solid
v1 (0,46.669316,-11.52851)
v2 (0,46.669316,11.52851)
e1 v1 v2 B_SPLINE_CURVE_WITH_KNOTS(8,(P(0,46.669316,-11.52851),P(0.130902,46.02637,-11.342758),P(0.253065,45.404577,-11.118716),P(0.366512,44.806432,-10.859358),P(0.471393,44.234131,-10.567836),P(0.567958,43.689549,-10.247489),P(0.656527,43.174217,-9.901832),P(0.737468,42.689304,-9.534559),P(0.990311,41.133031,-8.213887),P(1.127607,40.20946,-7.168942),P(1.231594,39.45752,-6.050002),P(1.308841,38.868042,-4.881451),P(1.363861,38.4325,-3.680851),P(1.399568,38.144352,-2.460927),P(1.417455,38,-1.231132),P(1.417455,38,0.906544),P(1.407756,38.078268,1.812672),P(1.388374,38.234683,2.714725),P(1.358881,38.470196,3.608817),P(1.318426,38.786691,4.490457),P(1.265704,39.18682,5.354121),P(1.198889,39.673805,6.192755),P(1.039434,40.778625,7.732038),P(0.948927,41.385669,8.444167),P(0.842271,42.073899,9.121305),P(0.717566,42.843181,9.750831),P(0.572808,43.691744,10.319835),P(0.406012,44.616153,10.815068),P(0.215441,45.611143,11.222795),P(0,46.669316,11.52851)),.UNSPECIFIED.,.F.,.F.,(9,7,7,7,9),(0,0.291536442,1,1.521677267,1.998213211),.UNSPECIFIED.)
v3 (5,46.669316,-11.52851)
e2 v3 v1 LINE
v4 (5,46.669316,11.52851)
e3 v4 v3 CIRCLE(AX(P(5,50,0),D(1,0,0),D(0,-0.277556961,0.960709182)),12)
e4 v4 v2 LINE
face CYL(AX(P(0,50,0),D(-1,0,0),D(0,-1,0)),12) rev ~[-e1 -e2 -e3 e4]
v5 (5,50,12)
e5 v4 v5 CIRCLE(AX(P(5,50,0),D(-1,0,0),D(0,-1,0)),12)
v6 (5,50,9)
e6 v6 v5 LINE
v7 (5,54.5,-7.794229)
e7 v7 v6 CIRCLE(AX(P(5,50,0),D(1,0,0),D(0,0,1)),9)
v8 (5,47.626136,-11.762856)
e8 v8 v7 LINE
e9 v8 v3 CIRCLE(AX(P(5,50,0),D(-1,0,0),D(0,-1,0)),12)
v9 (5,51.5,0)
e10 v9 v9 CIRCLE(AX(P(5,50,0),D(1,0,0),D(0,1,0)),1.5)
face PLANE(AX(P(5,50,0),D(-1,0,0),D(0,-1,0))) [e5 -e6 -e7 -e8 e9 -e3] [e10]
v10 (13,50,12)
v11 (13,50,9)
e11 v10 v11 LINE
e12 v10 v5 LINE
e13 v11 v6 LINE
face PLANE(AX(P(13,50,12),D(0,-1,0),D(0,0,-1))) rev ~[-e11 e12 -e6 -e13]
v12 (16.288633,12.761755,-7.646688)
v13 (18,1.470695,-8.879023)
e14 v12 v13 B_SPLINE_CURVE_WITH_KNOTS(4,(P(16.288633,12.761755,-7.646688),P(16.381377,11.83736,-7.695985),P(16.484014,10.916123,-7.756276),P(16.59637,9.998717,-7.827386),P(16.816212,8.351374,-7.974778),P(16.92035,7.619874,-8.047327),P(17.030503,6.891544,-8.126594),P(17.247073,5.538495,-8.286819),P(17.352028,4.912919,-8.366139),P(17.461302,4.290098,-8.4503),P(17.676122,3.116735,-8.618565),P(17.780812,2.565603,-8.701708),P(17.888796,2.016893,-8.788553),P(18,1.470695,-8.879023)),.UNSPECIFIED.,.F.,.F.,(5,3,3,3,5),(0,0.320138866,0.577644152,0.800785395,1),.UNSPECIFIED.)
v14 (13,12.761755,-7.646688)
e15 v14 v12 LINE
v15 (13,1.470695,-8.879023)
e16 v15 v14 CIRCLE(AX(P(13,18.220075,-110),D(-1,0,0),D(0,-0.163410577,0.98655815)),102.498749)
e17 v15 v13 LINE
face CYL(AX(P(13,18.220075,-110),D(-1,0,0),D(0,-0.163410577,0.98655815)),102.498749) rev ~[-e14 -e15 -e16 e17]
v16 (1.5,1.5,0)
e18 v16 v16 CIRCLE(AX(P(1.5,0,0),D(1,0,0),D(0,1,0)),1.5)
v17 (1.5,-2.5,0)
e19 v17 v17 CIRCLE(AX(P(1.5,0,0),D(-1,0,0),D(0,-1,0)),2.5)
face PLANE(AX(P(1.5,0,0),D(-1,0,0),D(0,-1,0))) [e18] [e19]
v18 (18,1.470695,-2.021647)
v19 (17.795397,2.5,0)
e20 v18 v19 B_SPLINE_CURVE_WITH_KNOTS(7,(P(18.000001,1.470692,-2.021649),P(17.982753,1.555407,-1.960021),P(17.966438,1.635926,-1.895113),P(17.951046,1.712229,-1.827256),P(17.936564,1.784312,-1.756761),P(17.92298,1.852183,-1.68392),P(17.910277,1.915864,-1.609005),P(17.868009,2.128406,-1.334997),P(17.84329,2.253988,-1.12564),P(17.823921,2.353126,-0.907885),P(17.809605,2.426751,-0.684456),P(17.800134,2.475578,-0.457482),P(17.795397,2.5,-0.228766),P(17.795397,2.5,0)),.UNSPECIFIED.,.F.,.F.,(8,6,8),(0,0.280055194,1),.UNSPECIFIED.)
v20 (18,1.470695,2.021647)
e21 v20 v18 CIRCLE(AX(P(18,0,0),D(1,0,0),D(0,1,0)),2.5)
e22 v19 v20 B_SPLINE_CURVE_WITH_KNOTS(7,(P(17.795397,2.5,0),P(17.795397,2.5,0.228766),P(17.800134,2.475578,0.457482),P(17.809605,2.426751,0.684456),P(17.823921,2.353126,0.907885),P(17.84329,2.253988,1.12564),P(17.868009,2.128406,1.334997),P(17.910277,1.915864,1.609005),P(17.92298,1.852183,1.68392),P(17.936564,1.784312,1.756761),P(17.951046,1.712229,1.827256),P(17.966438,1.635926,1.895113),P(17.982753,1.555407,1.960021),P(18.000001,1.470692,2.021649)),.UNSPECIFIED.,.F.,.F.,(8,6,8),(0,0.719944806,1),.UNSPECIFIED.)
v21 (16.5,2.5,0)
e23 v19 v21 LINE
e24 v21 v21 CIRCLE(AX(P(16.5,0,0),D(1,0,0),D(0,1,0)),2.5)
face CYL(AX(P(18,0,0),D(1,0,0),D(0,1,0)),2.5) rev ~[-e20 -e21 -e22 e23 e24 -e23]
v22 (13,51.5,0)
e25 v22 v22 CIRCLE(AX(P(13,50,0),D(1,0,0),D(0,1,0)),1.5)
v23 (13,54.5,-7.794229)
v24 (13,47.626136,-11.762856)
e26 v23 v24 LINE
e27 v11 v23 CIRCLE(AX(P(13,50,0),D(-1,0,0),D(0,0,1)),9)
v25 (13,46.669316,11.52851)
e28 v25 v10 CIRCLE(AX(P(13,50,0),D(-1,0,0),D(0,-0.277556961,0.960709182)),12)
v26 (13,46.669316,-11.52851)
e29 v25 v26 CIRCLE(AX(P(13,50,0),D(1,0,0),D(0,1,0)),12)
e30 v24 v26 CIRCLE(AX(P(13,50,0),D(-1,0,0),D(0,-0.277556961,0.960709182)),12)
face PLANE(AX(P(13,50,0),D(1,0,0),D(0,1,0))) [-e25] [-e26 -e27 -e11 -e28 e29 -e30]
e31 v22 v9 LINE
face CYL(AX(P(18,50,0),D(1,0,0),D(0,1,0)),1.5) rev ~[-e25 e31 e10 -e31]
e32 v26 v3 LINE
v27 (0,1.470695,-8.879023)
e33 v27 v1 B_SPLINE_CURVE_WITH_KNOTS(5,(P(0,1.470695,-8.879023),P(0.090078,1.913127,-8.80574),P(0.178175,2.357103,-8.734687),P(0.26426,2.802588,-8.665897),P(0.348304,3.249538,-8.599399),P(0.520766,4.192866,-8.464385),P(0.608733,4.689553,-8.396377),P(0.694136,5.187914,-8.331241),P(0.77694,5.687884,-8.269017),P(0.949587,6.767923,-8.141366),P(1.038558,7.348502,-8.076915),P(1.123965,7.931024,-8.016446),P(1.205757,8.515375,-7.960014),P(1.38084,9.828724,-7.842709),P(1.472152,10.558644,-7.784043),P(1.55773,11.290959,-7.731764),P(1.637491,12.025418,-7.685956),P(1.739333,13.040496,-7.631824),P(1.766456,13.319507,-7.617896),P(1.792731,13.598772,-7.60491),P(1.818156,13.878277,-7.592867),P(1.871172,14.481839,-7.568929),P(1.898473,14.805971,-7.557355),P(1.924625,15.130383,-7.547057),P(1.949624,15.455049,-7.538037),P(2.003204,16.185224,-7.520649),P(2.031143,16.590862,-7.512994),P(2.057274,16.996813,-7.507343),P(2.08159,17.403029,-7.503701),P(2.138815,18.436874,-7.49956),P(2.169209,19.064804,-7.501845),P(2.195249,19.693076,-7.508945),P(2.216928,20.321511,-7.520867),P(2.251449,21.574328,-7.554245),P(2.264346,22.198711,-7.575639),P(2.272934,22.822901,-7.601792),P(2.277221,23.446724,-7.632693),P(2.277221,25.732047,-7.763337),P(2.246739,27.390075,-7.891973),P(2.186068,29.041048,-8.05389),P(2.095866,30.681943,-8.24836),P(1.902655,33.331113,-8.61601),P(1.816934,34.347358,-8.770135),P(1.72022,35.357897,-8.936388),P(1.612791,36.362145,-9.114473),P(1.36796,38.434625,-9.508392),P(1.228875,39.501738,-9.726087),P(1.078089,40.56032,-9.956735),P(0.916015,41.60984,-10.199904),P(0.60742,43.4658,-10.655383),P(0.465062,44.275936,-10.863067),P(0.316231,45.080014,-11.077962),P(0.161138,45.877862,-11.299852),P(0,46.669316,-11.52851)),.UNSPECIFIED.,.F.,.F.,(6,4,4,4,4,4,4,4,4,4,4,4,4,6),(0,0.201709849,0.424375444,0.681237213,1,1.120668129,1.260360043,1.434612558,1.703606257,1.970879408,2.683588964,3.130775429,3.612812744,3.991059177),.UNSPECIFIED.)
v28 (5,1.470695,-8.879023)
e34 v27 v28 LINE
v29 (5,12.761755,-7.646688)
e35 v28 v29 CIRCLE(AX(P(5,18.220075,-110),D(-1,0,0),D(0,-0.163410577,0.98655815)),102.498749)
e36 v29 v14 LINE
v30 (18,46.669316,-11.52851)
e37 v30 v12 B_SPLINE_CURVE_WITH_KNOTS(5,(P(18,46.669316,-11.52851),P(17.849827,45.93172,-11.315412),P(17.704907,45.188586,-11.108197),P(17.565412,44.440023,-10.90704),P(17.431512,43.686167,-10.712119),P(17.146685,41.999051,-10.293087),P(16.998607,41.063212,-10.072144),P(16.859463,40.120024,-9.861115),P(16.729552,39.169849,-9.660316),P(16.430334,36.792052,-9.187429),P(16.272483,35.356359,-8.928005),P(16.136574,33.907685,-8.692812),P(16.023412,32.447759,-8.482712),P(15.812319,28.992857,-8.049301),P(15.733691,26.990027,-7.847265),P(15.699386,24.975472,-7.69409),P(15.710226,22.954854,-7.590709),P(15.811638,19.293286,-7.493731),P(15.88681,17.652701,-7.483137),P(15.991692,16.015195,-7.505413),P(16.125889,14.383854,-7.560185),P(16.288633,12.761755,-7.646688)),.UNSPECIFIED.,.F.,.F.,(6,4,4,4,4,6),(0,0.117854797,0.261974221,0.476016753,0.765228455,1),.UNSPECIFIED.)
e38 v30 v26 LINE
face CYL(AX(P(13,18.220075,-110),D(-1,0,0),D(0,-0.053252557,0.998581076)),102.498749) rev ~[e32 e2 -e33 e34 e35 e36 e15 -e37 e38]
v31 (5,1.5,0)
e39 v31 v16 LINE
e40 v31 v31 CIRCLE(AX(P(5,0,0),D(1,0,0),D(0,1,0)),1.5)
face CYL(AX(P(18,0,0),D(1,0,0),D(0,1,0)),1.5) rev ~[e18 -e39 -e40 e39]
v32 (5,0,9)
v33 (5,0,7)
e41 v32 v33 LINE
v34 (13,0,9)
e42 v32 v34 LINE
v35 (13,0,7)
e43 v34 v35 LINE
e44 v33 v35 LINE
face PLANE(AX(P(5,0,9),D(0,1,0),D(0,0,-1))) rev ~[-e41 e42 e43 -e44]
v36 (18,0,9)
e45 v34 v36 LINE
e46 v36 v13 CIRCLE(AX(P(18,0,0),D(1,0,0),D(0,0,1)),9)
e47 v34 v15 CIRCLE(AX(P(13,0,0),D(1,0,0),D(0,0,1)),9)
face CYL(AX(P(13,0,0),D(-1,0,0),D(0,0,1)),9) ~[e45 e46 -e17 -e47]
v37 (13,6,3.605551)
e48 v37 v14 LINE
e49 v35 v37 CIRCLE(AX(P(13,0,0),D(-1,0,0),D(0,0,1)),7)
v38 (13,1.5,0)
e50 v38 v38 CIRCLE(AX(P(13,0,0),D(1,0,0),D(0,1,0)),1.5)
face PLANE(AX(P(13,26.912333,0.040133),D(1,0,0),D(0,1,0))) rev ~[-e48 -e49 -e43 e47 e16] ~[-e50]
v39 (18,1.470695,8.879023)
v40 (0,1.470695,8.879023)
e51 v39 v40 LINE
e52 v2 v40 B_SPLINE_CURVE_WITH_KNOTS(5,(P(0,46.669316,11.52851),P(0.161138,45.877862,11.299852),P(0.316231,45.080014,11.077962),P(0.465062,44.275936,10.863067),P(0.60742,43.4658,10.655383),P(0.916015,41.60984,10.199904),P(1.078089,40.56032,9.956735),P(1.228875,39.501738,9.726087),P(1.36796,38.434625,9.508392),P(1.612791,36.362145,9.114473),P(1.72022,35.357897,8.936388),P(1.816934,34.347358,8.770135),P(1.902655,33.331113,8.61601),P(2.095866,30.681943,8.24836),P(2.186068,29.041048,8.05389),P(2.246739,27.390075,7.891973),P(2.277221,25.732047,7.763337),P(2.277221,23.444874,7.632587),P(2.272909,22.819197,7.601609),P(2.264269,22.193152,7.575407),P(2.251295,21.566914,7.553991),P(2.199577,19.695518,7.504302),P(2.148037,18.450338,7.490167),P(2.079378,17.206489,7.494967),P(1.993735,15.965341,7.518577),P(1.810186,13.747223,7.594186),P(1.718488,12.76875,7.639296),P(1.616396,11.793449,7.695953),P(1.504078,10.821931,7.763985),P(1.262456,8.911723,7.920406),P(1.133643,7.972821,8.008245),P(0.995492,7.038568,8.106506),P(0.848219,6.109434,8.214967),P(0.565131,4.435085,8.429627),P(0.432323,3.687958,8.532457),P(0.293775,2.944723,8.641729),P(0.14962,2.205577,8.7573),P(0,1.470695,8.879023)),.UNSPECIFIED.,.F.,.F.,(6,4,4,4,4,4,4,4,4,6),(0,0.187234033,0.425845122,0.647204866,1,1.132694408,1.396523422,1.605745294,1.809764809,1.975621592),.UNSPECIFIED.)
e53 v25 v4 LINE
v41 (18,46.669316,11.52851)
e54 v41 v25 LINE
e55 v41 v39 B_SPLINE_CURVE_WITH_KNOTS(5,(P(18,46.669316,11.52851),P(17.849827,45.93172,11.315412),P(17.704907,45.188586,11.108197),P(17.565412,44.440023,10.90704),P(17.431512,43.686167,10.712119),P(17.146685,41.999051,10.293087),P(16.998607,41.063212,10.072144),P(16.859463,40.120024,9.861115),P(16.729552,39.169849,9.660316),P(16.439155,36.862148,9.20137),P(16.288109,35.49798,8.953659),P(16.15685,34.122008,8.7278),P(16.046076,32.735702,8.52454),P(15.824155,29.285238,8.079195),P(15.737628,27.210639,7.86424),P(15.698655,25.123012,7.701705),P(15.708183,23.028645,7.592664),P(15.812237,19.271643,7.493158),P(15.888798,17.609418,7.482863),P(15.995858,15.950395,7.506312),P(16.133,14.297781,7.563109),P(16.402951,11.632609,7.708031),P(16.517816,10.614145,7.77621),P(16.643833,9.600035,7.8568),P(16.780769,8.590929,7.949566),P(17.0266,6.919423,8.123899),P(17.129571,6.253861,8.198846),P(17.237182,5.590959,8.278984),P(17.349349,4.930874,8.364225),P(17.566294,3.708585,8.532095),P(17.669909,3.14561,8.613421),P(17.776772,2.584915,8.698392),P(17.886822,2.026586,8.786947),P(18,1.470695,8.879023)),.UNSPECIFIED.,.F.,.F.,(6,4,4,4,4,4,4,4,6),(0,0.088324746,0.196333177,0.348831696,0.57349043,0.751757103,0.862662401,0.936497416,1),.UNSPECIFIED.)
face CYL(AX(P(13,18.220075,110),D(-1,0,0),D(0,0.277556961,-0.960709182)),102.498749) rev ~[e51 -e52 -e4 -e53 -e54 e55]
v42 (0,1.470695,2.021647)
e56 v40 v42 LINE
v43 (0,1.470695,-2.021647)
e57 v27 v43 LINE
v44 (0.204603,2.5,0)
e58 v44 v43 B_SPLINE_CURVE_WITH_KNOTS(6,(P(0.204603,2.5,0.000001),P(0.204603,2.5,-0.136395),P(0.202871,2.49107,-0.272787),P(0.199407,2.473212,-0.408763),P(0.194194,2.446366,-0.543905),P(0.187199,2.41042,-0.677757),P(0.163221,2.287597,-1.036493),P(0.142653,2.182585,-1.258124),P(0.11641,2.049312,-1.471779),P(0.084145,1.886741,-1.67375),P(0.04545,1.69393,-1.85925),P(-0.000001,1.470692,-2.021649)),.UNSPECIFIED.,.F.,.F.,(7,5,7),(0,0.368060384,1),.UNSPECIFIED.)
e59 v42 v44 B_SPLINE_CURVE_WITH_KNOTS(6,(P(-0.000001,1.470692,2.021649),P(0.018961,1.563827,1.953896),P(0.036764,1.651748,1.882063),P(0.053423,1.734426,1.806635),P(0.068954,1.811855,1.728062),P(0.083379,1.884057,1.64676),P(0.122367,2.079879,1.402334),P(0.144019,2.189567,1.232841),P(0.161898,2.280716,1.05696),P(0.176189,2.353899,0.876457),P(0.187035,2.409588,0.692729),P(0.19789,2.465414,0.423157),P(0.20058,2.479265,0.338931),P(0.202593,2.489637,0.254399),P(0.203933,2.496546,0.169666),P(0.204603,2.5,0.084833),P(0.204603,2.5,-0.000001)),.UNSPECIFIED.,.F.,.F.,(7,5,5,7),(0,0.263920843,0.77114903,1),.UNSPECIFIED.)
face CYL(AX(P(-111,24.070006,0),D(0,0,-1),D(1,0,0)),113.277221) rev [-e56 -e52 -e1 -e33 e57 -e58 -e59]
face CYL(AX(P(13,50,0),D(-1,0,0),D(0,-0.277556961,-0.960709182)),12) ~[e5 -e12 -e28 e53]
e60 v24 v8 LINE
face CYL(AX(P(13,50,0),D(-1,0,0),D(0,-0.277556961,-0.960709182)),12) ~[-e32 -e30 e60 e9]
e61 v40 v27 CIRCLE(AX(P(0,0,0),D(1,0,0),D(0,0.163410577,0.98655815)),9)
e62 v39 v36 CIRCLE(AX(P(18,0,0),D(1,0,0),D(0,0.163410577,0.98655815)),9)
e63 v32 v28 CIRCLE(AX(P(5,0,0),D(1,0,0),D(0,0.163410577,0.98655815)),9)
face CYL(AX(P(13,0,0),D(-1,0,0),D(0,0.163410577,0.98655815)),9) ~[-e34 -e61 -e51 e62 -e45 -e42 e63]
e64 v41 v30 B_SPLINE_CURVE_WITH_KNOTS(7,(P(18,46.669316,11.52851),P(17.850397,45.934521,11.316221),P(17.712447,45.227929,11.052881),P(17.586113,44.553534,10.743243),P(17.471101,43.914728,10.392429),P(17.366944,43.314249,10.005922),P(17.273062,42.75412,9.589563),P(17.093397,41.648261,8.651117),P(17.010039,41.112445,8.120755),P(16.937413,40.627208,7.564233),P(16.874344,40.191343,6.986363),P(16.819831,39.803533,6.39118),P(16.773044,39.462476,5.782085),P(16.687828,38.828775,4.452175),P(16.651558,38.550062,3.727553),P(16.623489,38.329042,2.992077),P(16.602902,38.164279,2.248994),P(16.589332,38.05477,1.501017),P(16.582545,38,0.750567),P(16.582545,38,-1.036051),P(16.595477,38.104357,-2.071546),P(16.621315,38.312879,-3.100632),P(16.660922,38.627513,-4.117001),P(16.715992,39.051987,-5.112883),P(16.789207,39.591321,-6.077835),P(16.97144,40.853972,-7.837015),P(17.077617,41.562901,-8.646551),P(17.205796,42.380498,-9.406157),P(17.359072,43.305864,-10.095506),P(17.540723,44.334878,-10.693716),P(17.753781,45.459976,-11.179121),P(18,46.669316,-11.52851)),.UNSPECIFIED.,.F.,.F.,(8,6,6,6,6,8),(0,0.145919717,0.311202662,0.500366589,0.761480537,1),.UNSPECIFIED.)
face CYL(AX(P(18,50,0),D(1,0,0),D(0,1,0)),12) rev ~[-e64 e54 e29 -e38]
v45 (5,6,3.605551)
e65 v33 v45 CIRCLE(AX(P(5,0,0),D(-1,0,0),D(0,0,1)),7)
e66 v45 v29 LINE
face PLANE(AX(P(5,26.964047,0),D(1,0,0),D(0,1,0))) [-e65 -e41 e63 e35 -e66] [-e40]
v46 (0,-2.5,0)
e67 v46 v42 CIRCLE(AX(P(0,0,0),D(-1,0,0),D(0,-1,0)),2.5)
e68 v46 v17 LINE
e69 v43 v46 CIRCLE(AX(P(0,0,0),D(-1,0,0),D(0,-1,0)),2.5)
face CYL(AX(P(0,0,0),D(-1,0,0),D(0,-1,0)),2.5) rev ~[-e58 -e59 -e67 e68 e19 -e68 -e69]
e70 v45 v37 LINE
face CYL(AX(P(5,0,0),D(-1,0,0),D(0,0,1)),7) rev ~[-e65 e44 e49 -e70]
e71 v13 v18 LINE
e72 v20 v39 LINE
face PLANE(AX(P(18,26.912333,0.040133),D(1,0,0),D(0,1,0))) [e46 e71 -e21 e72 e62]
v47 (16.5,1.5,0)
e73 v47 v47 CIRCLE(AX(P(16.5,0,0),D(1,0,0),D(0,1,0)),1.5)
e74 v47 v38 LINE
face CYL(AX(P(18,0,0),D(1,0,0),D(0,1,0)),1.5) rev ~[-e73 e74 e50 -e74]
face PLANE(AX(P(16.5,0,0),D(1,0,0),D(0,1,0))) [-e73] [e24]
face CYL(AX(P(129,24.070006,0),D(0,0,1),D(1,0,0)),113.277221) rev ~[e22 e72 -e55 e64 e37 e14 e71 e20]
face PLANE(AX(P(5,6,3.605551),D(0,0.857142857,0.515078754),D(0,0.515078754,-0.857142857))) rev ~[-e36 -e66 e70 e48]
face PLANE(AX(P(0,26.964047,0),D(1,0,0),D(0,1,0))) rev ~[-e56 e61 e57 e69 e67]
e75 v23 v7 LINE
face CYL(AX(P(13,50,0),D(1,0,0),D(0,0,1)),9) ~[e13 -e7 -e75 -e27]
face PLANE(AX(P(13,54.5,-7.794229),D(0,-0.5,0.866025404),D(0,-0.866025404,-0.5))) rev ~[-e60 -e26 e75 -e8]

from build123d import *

# Parameters (mm, degrees)
F1_DEPTH  = 5
F3_DEPTH  = 8
F5_DEPTH  = 5
F6_R      = 12
F7_DEPTH  = 5
F8_R      = 12
F9_DEPTH  = 5
F11_DEPTH = 13.001
F12_R     = 1.5
F13_DEPTH = 18.001
F14_R     = 2.5
F15_DEPTH = 1.5
F16_R     = 2.5
F17_DEPTH = 1.5
F18_R     = 113.2772211927
F19_DEPTH = 12.5


with BuildPart() as f1:
    # F0 (on Right) → F1 (new body)
    with BuildSketch(Plane.YZ):
        with BuildLine():
            ThreePointArc((46.6693164652, 11.5285101896), (24.2181276728, 7.6768989517), (1.4706951967, 8.8790233494))
            ThreePointArc((1.4706951967, 8.8790233494), (-9, 0), (1.4706951967, -8.8790233494))
            ThreePointArc((1.4706951967, -8.8790233494), (24.2181276728, -7.6768989517), (46.6693164652, -11.5285101896))
            ThreePointArc((46.6693164652, -11.5285101896), (62, 0), (46.6693164652, 11.5285101896))
        make_face()
    extrude(amount=F1_DEPTH)

    # F2 (on face) → F3 (join)
    with BuildSketch(Plane.YZ.offset(5)):
        with BuildLine():
            ThreePointArc((46.6693164652, 11.5285101896), (24.2181276728, 7.6768989517), (1.4706951967, 8.8790233494))
            ThreePointArc((1.4706951967, 8.8790233494), (0.7378312326, 8.9697048487), (0, 9))
            Line((0, 9), (0, 7))
            ThreePointArc((0, 7), (3.4468203516, 6.0925716626), (6, 3.6055512755))
            Line((6, 3.6055512755), (12.7617545607, -7.6466884694))
            ThreePointArc((12.7617545607, -7.6466884694), (29.8782372644, -8.1664058525), (46.6693164652, -11.5285101896))
            ThreePointArc((46.6693164652, -11.5285101896), (62, 0), (46.6693164652, 11.5285101896))
        make_face()
    extrude(amount=F3_DEPTH)

    # F4 (on face) → F5 (join)
    with BuildSketch(Plane.YZ.offset(13)):
        with BuildLine():
            ThreePointArc((1.4706951967, 8.8790233494), (0.7378312326, 8.9697048487), (0, 9))
            ThreePointArc((0, 9), (-8.9697048487, -0.7378312326), (1.4706951967, -8.8790233494))
            ThreePointArc((1.4706951967, -8.8790233494), (7.0991420432, -8.1063373261), (12.7617545607, -7.6466884694))
            ThreePointArc((12.7617545607, -7.6466884694), (29.8782372644, -8.1664058525), (46.6693164652, -11.5285101896))
            ThreePointArc((46.6693164652, -11.5285101896), (62, 0), (46.6693164652, 11.5285101896))
            ThreePointArc((46.6693164652, 11.5285101896), (24.2181276728, 7.6768989517), (1.4706951967, 8.8790233494))
        make_face()
    extrude(amount=F5_DEPTH)

    # F6 (on face) → F7 (cut)
    with BuildSketch(Plane.YZ.offset(18)):
        with Locations((50, 0)):
            Circle(F6_R)
    extrude(amount=-F7_DEPTH, mode=Mode.SUBTRACT)

    # F8 (on face) → F9 (cut)
    with BuildSketch(Plane(origin=(0, 0, 0), x_dir=(0, -1, 0), z_dir=(-1, 0, 0))):
        with Locations((-50, 0)):
            Circle(F8_R)
    extrude(amount=-F9_DEPTH, mode=Mode.SUBTRACT)

    # F10 (on face) → F11 (cut, through all)
    with BuildSketch(Plane.YZ.offset(13)):
        with BuildLine():
            Line((54.5, -7.7942286341), (47.6261364576, -11.7628556007))
            ThreePointArc((47.6261364576, -11.7628556007), (61.9405667204, -1.1928396355), (50, 12))
            Line((50, 12), (50, 9))
            ThreePointArc((50, 9), (58.6933324366, 2.3293714059), (54.5, -7.7942286341))
        make_face()
    extrude(amount=-F11_DEPTH, mode=Mode.SUBTRACT)

    # F12 (on face) → F13 (cut, through all)
    with BuildSketch(Plane.YZ.offset(18)):
        Circle(F12_R)
        with Locations((50, 0)):
            Circle(F12_R)
    extrude(amount=-F13_DEPTH, mode=Mode.SUBTRACT)

    # F14 (on face) → F15 (cut)
    with BuildSketch(Plane.YZ.offset(18)):
        Circle(F14_R)
    extrude(amount=-F15_DEPTH, mode=Mode.SUBTRACT)

    # F16 (on face) → F17 (cut)
    with BuildSketch(Plane(origin=(0, 0, 0), x_dir=(0, -1, 0), z_dir=(-1, 0, 0))):
        Circle(F16_R)
    extrude(amount=-F17_DEPTH, mode=Mode.SUBTRACT)

    # F18 (on Top) → F19 (cut, symmetric)
    with BuildSketch(Plane.XY):
        with Locations((-111, 24.070005831)):
            Circle(F18_R)
        with Locations((129, 24.070005831)):
            Circle(F18_R)
    extrude(amount=F19_DEPTH, both=True, mode=Mode.SUBTRACT)


solid = f1.part
